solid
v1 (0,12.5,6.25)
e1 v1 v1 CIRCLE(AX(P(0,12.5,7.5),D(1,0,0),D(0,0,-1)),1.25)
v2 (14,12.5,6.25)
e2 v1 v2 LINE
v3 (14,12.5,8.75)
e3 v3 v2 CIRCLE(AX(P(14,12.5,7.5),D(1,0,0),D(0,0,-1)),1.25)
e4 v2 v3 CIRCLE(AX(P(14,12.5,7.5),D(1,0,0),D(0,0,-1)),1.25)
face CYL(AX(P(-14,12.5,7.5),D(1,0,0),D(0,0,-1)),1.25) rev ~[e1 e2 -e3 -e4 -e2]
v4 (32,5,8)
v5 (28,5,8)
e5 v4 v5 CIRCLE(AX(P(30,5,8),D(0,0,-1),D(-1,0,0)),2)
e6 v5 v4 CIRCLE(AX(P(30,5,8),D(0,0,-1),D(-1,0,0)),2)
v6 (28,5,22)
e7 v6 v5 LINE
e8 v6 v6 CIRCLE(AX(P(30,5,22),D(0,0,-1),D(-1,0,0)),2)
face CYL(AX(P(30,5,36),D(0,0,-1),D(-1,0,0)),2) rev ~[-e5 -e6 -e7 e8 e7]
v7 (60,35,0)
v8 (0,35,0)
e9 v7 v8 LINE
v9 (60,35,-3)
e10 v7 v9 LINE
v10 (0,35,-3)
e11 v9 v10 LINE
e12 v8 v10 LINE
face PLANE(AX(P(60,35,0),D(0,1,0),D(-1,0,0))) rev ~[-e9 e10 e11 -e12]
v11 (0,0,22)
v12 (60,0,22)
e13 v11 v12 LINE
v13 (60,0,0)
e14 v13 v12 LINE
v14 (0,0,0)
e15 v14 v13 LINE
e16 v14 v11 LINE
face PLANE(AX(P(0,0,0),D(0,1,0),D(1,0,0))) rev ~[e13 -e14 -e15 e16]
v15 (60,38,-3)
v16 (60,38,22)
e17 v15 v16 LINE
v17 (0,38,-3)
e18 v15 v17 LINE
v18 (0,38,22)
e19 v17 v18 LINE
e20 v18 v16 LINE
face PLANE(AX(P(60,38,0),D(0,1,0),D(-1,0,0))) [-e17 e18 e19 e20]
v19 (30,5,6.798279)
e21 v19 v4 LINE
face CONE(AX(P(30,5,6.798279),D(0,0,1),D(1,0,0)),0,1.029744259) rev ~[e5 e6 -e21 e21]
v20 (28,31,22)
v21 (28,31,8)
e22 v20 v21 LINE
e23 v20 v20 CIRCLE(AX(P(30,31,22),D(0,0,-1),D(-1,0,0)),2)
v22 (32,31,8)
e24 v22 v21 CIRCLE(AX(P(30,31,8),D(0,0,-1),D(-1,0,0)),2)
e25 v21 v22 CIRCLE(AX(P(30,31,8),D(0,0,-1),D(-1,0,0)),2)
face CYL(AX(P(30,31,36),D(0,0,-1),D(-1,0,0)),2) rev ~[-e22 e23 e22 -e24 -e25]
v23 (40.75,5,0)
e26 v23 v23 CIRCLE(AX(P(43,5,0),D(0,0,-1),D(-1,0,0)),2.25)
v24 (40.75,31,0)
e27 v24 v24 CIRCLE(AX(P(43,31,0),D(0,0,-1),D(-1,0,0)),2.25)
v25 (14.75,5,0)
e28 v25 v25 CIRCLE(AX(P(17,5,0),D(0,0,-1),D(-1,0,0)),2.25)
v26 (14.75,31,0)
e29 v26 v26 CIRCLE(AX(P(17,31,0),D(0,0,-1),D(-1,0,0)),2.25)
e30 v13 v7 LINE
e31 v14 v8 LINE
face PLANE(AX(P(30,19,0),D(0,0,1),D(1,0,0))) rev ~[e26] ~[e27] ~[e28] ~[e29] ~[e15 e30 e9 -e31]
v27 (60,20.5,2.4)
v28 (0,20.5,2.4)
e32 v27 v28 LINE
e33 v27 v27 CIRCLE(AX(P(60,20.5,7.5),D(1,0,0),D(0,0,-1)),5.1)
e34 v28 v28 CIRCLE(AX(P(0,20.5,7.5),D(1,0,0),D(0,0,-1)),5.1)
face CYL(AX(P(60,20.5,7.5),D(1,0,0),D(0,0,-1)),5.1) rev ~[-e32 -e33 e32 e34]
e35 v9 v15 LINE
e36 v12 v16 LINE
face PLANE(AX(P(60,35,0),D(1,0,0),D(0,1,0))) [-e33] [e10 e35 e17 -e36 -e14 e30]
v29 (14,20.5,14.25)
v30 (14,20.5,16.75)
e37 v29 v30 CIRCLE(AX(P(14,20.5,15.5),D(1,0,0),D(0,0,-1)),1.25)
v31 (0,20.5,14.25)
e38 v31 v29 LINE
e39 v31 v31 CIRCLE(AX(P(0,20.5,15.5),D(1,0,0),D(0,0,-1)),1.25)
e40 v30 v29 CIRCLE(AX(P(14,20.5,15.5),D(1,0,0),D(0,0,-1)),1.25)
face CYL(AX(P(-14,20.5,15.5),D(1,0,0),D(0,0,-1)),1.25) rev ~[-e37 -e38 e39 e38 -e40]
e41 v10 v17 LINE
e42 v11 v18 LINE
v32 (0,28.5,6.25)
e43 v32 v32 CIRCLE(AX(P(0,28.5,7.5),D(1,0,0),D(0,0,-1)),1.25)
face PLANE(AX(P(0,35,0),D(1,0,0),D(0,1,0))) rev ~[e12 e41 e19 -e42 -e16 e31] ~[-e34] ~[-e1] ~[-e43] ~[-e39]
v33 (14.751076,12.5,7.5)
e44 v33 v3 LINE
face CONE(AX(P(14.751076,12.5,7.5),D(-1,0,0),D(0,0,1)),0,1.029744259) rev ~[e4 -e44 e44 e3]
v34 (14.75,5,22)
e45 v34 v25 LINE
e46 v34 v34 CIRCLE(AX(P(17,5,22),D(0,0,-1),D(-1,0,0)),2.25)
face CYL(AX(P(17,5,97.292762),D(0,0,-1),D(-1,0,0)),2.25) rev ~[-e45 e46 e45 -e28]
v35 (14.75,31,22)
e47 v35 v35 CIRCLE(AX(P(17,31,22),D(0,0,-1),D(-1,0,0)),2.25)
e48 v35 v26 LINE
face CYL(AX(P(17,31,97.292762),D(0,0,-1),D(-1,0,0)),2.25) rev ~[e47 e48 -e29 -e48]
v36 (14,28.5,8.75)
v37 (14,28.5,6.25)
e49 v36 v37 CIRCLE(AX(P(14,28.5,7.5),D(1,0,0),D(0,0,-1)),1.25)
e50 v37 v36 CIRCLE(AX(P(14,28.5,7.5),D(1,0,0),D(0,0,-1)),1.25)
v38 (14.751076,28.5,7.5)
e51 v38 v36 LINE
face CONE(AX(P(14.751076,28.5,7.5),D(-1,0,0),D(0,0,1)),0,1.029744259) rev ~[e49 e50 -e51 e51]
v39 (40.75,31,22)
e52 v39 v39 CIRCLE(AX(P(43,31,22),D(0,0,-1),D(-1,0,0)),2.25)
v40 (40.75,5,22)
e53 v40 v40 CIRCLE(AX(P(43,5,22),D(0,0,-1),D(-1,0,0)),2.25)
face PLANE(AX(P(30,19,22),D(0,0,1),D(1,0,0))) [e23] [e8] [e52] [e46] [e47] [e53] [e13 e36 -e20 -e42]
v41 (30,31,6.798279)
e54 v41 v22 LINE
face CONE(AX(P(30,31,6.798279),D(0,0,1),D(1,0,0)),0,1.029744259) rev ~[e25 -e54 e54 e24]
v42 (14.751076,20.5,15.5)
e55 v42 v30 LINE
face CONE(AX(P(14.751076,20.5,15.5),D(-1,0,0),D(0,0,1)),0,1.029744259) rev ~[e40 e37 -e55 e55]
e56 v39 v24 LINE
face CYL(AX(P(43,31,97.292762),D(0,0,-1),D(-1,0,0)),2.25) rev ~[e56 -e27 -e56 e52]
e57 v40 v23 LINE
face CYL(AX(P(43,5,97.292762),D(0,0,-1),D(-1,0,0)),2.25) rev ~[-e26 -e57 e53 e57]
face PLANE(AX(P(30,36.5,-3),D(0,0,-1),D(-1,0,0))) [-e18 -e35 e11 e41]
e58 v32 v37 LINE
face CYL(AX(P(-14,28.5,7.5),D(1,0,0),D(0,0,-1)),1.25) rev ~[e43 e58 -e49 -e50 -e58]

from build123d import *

# Parameters (mm, degrees)
CROQUIS1_W                                     = 60
CROQUIS1_H                                     = 38
SALIENTE_EXTRUIR1_DEPTH                        = 22
CROQUIS2_R                                     = 5.1
CORTAR_EXTRUIR1_DEPTH                          = 61
CROQUIS6_W                                     = 60
CROQUIS6_H                                     = 3
SALIENTE_EXTRUIR2_DEPTH                        = 3
PERFORADOR_PARA_ROSCAR_PARA_MACHO_DE_ROS_D     = 2.5
PERFORADOR_PARA_ROSCAR_PARA_MACHO_DE_ROS_DEPTH = 14
PERFORADOR_PARA_ROSCAR_PARA_MACHO_DE_ROS_TIP   = 0.751075774
TALADRO_DE_MARGEN_PARA_M41_D                   = 4.5
TALADROS_DE_ESPIGA_DE_4_0MM2_D                 = 4
TALADROS_DE_ESPIGA_DE_4_0MM2_DEPTH             = 14
TALADROS_DE_ESPIGA_DE_4_0MM2_TIP               = 1.201721238


with BuildPart() as part:
    # Croquis1 → Saliente-Extruir1 (new body)
    with BuildSketch(Plane.XY):
        with Locations((30, 19)):
            Rectangle(CROQUIS1_W, CROQUIS1_H)
    extrude(amount=SALIENTE_EXTRUIR1_DEPTH)

    # Croquis2 → Cortar-Extruir1 (cut, through all)
    with BuildSketch(Plane(origin=(60, 0, 0), x_dir=(0, 0, -1), z_dir=(1, 0, 0))):
        with Locations((-7.5, 20.5)):
            Circle(CROQUIS2_R)
    extrude(amount=-CORTAR_EXTRUIR1_DEPTH, mode=Mode.SUBTRACT)

    # Croquis6 → Saliente-Extruir2 (add)
    with BuildSketch(Plane(origin=(0, 0, 0), x_dir=(-1, 0, 0), z_dir=(0, 0, -1))):
        with Locations((-30, 36.5)):
            Rectangle(CROQUIS6_W, CROQUIS6_H)
    extrude(amount=SALIENTE_EXTRUIR2_DEPTH)

    # Perforador para roscar para macho de roscar para M33
    with Locations(Plane.ZY):
        with Locations((15.5, 20.5), (7.5, 12.5), (7.5, 28.5)):
            Hole(PERFORADOR_PARA_ROSCAR_PARA_MACHO_DE_ROS_D / 2, depth=PERFORADOR_PARA_ROSCAR_PARA_MACHO_DE_ROS_DEPTH)
            with Locations((0, 0, -(PERFORADOR_PARA_ROSCAR_PARA_MACHO_DE_ROS_DEPTH + PERFORADOR_PARA_ROSCAR_PARA_MACHO_DE_ROS_TIP / 2))):  # 118° drill point
                Cone(0, PERFORADOR_PARA_ROSCAR_PARA_MACHO_DE_ROS_D / 2, PERFORADOR_PARA_ROSCAR_PARA_MACHO_DE_ROS_TIP, mode=Mode.SUBTRACT)

    # Taladro de margen para M41 (through all)
    with Locations(Plane.XY.offset(22)):
        with Locations((17, 5), (43, 31), (43, 5), (17, 31)):
            Hole(TALADRO_DE_MARGEN_PARA_M41_D / 2)

    # Taladros de espiga de Ø4.0mm2
    with Locations(Plane.XY.offset(22)):
        with Locations((30, 31), (30, 5)):
            Hole(TALADROS_DE_ESPIGA_DE_4_0MM2_D / 2, depth=TALADROS_DE_ESPIGA_DE_4_0MM2_DEPTH)
            with Locations((0, 0, -(TALADROS_DE_ESPIGA_DE_4_0MM2_DEPTH + TALADROS_DE_ESPIGA_DE_4_0MM2_TIP / 2))):  # 118° drill point
                Cone(0, TALADROS_DE_ESPIGA_DE_4_0MM2_D / 2, TALADROS_DE_ESPIGA_DE_4_0MM2_TIP, mode=Mode.SUBTRACT)


solid = part.part
